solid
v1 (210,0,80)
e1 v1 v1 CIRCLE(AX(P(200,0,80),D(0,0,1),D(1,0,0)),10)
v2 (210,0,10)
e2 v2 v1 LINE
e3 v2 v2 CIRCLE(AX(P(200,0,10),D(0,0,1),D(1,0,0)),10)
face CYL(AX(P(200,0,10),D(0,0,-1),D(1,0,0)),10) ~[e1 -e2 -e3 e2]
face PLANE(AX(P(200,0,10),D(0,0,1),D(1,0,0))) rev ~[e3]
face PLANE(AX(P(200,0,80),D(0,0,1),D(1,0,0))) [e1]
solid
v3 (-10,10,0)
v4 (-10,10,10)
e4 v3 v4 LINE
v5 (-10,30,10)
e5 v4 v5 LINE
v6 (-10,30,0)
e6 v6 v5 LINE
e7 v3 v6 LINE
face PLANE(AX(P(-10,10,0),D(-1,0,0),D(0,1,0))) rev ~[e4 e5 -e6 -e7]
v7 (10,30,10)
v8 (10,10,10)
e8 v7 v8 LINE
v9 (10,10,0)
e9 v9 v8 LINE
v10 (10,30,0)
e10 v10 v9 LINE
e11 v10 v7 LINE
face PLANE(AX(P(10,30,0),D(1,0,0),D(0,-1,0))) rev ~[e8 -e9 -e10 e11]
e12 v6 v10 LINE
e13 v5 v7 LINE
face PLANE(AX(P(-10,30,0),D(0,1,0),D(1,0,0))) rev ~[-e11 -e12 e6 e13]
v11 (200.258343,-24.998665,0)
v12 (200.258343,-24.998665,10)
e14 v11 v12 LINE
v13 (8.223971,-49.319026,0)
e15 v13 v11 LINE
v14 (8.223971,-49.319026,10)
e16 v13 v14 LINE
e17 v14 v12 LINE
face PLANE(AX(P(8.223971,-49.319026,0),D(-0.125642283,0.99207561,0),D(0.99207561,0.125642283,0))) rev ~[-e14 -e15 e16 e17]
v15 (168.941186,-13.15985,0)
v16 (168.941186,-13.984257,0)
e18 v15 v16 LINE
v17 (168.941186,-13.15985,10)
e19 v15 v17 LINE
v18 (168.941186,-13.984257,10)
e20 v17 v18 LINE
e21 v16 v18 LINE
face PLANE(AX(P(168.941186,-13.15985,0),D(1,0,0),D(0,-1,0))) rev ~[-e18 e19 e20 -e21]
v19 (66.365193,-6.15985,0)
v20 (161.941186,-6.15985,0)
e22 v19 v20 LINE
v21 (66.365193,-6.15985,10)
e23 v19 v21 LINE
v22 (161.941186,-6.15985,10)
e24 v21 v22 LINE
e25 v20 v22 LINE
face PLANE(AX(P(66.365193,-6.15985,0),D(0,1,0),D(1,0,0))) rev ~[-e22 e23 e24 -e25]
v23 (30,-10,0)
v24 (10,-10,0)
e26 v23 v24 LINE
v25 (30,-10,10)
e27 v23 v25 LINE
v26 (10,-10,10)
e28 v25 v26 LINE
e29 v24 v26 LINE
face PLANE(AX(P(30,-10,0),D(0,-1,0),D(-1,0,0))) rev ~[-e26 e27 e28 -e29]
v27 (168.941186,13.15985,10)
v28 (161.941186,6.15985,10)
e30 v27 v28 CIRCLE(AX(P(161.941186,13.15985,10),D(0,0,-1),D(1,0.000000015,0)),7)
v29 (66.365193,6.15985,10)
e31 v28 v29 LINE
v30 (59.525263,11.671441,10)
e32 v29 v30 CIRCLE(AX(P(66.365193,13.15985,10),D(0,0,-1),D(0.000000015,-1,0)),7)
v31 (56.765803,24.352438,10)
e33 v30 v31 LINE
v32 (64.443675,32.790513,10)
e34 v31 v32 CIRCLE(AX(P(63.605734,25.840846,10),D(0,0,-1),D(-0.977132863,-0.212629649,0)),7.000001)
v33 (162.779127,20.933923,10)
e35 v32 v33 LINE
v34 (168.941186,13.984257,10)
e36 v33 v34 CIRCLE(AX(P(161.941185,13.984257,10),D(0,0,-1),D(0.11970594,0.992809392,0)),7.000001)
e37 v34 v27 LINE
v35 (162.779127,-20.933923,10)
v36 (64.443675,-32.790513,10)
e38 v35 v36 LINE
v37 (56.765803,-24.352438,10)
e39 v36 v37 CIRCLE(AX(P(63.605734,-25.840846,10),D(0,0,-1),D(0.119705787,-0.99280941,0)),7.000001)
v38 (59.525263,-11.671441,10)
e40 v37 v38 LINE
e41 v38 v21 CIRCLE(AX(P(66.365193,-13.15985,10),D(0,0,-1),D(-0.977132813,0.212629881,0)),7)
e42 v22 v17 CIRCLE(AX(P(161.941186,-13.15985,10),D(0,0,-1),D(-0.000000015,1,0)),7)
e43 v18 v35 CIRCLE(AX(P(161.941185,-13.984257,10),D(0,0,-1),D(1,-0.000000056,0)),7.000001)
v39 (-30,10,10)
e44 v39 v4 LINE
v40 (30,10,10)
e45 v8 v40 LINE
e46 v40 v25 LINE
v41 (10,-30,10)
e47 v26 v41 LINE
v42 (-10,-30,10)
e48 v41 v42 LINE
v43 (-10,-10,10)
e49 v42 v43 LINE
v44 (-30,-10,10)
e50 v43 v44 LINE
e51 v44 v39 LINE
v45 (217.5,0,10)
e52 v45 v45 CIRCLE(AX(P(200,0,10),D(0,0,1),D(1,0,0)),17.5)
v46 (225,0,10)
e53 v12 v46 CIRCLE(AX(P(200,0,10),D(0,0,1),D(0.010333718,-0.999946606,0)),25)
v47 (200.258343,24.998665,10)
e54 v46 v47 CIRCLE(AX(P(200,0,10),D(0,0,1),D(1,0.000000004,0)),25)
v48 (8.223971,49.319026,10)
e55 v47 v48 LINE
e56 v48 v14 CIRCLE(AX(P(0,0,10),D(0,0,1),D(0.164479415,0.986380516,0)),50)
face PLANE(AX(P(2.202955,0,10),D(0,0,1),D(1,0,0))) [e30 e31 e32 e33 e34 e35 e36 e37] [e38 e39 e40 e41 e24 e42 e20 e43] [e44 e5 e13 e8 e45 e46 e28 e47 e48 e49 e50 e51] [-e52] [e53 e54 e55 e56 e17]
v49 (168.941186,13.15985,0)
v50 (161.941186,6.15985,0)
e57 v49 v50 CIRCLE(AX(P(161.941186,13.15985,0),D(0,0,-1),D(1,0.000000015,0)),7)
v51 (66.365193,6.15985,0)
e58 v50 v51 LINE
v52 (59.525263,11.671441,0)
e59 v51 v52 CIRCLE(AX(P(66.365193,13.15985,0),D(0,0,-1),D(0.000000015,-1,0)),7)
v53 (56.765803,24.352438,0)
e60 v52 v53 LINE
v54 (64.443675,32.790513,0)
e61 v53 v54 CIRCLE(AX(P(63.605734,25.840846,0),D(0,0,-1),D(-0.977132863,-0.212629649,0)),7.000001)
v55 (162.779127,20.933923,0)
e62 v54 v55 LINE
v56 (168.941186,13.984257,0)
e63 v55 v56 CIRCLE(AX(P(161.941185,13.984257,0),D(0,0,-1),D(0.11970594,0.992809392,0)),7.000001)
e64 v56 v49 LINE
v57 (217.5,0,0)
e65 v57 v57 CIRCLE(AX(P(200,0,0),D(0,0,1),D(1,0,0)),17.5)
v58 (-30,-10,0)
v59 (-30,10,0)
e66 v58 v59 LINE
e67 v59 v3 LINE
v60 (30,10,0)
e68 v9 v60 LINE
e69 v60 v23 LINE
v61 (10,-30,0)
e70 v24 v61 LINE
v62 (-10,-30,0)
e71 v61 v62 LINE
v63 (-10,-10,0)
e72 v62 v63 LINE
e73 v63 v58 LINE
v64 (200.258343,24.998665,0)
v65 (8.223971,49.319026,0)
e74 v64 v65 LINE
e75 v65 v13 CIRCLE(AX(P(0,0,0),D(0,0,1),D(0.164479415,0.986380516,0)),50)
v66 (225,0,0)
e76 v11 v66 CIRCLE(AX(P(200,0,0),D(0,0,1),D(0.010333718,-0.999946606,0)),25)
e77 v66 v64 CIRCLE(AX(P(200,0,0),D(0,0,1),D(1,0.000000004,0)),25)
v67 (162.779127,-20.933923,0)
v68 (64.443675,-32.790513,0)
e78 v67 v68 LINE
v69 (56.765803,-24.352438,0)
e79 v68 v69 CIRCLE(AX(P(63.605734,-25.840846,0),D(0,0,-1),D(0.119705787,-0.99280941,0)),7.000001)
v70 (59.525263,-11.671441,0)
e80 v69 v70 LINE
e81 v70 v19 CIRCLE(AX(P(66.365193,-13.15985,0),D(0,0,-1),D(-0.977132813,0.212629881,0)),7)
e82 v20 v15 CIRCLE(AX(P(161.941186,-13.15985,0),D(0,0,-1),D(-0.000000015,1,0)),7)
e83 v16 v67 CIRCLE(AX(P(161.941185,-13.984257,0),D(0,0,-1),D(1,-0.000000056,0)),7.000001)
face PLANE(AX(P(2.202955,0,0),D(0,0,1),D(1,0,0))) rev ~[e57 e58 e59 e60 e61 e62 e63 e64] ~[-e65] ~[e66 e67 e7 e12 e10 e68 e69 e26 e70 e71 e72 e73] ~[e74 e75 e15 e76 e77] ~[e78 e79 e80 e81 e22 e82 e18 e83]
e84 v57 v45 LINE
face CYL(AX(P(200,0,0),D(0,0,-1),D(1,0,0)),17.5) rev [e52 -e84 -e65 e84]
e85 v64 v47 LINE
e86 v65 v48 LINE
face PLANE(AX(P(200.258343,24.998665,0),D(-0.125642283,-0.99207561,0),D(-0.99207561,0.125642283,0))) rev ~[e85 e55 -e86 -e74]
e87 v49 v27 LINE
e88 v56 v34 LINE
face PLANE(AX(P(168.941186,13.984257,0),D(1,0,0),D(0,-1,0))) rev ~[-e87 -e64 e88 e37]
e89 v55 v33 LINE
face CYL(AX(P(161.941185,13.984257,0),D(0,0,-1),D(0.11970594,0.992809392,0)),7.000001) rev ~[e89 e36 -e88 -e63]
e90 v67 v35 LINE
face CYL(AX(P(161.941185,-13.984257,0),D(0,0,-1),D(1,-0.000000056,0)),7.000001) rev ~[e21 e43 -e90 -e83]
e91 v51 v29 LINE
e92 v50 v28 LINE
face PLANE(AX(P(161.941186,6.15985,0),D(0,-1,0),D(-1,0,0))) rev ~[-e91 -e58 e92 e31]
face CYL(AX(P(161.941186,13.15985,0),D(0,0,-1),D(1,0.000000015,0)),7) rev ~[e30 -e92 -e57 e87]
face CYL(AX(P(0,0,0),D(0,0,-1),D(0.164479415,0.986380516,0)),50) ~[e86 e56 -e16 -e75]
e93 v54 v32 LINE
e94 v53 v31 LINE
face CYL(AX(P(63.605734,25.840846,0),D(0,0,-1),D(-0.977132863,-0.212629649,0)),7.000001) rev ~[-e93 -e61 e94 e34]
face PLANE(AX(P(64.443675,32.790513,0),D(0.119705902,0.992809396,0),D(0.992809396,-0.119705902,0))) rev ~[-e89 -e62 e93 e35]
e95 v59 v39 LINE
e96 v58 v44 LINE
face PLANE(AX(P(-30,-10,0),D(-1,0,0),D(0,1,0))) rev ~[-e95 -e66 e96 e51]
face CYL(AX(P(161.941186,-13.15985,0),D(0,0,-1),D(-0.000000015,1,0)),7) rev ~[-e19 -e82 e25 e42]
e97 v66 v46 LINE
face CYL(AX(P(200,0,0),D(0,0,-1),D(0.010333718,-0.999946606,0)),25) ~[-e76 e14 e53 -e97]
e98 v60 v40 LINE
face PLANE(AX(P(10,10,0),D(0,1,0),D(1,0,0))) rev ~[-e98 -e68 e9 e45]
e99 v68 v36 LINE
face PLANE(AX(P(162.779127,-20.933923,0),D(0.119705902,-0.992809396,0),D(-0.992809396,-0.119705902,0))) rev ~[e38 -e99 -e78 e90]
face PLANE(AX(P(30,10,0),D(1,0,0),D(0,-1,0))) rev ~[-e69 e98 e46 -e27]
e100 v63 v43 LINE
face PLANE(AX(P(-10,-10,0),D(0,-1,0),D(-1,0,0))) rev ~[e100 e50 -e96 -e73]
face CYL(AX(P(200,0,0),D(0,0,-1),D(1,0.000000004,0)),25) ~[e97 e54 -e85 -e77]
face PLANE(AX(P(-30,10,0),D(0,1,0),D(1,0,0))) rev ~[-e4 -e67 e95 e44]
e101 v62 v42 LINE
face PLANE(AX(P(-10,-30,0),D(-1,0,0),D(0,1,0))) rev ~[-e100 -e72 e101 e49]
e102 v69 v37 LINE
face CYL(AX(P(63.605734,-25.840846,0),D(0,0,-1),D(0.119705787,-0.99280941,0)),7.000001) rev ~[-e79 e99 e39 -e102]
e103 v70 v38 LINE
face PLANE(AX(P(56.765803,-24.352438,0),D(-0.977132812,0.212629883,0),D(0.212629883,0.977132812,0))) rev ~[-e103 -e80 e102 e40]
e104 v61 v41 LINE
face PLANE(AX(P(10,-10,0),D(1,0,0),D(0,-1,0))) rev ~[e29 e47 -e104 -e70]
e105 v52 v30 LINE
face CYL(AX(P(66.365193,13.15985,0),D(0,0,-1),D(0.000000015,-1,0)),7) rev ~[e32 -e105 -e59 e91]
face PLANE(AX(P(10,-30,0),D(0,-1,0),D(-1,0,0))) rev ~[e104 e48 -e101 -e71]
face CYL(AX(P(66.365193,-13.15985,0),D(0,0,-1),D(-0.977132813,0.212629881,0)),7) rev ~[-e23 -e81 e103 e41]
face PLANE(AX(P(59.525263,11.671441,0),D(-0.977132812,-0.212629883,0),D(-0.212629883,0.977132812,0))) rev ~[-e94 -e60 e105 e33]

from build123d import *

# Parameters (mm, degrees)
F0_R     = 17.5
F1_DEPTH = 10
F2_R     = 10
F3_DEPTH = 70


with BuildPart() as f1:
    # F0 (on Top) → F1 (new body)
    with BuildSketch(Plane.XY):
        with BuildLine():
            ThreePointArc((8.223971, -49.319026), (38.152317, -32.317189), (50, 0))
            ThreePointArc((50, 0), (38.152317, 32.317189), (8.223971, 49.319026))
            ThreePointArc((8.223971, 49.319026), (-50, 0), (8.223971, -49.319026))
        make_face()
        Polygon((-10, 30), (0, 30), (10, 30), (10, 10), (30, 10), (30, 0), (30, -10), (10, -10), (10, -30), (0, -30), (-10, -30), (-10, -10), (-30, -10), (-30, 0), (-30, 10), (-10, 10), align=None, mode=Mode.SUBTRACT)
        with BuildLine():
            ThreePointArc((8.223971, 49.319026), (38.152317, 32.317189), (50, 0))
            ThreePointArc((50, 0), (38.152317, -32.317189), (8.223971, -49.319026))
            Line((8.223971, -49.319026), (200.258343, -24.998665))
            ThreePointArc((200.258343, -24.998665), (175, 0), (200.258343, 24.998665))
            Line((200.258343, 24.998665), (8.223971, 49.319026))
        make_face()
        with BuildLine():
            ThreePointArc((59.525263, -11.671441), (61.97309, -7.709214), (66.365193, -6.15985))
            Line((66.365193, -6.15985), (161.941186, -6.15985))
            ThreePointArc((161.941186, -6.15985), (166.890933, -8.210102), (168.941186, -13.15985))
            Line((168.941186, -13.15985), (168.941186, -13.984257))
            ThreePointArc((168.941186, -13.984257), (167.178818, -18.628308), (162.779127, -20.933923))
            Line((162.779127, -20.933923), (64.443675, -32.790513))
            ThreePointArc((64.443675, -32.790513), (58.428259, -30.551872), (56.765803, -24.352438))
            Line((56.765803, -24.352438), (59.525263, -11.671441))
        make_face(mode=Mode.SUBTRACT)
        with BuildLine():
            Line((59.525263, 11.671441), (56.765803, 24.352438))
            ThreePointArc((56.765803, 24.352438), (58.428259, 30.551872), (64.443675, 32.790513))
            Line((64.443675, 32.790513), (162.779127, 20.933923))
            ThreePointArc((162.779127, 20.933923), (167.178818, 18.628308), (168.941186, 13.984257))
            Line((168.941186, 13.984257), (168.941186, 13.15985))
            ThreePointArc((168.941186, 13.15985), (166.890933, 8.210102), (161.941186, 6.15985))
            Line((161.941186, 6.15985), (66.365193, 6.15985))
            ThreePointArc((66.365193, 6.15985), (61.97309, 7.709214), (59.525263, 11.671441))
        make_face(mode=Mode.SUBTRACT)
        with BuildLine():
            ThreePointArc((225, 0), (217.768773, 17.586094), (200.258343, 24.998665))
            ThreePointArc((200.258343, 24.998665), (175, 0), (200.258343, -24.998665))
            ThreePointArc((200.258343, -24.998665), (217.768773, -17.586094), (225, 0))
        make_face()
        with Locations((200, 0)):
            Circle(F0_R, mode=Mode.SUBTRACT)
    extrude(amount=F1_DEPTH)


with BuildPart() as f3:
    # F2 (on face) → F3 (new body)
    with BuildSketch(Plane.XY.offset(10)):
        with Locations((200, 0)):
            Circle(F2_R)
    extrude(amount=F3_DEPTH)


solid = Compound([f1.part, f3.part])
